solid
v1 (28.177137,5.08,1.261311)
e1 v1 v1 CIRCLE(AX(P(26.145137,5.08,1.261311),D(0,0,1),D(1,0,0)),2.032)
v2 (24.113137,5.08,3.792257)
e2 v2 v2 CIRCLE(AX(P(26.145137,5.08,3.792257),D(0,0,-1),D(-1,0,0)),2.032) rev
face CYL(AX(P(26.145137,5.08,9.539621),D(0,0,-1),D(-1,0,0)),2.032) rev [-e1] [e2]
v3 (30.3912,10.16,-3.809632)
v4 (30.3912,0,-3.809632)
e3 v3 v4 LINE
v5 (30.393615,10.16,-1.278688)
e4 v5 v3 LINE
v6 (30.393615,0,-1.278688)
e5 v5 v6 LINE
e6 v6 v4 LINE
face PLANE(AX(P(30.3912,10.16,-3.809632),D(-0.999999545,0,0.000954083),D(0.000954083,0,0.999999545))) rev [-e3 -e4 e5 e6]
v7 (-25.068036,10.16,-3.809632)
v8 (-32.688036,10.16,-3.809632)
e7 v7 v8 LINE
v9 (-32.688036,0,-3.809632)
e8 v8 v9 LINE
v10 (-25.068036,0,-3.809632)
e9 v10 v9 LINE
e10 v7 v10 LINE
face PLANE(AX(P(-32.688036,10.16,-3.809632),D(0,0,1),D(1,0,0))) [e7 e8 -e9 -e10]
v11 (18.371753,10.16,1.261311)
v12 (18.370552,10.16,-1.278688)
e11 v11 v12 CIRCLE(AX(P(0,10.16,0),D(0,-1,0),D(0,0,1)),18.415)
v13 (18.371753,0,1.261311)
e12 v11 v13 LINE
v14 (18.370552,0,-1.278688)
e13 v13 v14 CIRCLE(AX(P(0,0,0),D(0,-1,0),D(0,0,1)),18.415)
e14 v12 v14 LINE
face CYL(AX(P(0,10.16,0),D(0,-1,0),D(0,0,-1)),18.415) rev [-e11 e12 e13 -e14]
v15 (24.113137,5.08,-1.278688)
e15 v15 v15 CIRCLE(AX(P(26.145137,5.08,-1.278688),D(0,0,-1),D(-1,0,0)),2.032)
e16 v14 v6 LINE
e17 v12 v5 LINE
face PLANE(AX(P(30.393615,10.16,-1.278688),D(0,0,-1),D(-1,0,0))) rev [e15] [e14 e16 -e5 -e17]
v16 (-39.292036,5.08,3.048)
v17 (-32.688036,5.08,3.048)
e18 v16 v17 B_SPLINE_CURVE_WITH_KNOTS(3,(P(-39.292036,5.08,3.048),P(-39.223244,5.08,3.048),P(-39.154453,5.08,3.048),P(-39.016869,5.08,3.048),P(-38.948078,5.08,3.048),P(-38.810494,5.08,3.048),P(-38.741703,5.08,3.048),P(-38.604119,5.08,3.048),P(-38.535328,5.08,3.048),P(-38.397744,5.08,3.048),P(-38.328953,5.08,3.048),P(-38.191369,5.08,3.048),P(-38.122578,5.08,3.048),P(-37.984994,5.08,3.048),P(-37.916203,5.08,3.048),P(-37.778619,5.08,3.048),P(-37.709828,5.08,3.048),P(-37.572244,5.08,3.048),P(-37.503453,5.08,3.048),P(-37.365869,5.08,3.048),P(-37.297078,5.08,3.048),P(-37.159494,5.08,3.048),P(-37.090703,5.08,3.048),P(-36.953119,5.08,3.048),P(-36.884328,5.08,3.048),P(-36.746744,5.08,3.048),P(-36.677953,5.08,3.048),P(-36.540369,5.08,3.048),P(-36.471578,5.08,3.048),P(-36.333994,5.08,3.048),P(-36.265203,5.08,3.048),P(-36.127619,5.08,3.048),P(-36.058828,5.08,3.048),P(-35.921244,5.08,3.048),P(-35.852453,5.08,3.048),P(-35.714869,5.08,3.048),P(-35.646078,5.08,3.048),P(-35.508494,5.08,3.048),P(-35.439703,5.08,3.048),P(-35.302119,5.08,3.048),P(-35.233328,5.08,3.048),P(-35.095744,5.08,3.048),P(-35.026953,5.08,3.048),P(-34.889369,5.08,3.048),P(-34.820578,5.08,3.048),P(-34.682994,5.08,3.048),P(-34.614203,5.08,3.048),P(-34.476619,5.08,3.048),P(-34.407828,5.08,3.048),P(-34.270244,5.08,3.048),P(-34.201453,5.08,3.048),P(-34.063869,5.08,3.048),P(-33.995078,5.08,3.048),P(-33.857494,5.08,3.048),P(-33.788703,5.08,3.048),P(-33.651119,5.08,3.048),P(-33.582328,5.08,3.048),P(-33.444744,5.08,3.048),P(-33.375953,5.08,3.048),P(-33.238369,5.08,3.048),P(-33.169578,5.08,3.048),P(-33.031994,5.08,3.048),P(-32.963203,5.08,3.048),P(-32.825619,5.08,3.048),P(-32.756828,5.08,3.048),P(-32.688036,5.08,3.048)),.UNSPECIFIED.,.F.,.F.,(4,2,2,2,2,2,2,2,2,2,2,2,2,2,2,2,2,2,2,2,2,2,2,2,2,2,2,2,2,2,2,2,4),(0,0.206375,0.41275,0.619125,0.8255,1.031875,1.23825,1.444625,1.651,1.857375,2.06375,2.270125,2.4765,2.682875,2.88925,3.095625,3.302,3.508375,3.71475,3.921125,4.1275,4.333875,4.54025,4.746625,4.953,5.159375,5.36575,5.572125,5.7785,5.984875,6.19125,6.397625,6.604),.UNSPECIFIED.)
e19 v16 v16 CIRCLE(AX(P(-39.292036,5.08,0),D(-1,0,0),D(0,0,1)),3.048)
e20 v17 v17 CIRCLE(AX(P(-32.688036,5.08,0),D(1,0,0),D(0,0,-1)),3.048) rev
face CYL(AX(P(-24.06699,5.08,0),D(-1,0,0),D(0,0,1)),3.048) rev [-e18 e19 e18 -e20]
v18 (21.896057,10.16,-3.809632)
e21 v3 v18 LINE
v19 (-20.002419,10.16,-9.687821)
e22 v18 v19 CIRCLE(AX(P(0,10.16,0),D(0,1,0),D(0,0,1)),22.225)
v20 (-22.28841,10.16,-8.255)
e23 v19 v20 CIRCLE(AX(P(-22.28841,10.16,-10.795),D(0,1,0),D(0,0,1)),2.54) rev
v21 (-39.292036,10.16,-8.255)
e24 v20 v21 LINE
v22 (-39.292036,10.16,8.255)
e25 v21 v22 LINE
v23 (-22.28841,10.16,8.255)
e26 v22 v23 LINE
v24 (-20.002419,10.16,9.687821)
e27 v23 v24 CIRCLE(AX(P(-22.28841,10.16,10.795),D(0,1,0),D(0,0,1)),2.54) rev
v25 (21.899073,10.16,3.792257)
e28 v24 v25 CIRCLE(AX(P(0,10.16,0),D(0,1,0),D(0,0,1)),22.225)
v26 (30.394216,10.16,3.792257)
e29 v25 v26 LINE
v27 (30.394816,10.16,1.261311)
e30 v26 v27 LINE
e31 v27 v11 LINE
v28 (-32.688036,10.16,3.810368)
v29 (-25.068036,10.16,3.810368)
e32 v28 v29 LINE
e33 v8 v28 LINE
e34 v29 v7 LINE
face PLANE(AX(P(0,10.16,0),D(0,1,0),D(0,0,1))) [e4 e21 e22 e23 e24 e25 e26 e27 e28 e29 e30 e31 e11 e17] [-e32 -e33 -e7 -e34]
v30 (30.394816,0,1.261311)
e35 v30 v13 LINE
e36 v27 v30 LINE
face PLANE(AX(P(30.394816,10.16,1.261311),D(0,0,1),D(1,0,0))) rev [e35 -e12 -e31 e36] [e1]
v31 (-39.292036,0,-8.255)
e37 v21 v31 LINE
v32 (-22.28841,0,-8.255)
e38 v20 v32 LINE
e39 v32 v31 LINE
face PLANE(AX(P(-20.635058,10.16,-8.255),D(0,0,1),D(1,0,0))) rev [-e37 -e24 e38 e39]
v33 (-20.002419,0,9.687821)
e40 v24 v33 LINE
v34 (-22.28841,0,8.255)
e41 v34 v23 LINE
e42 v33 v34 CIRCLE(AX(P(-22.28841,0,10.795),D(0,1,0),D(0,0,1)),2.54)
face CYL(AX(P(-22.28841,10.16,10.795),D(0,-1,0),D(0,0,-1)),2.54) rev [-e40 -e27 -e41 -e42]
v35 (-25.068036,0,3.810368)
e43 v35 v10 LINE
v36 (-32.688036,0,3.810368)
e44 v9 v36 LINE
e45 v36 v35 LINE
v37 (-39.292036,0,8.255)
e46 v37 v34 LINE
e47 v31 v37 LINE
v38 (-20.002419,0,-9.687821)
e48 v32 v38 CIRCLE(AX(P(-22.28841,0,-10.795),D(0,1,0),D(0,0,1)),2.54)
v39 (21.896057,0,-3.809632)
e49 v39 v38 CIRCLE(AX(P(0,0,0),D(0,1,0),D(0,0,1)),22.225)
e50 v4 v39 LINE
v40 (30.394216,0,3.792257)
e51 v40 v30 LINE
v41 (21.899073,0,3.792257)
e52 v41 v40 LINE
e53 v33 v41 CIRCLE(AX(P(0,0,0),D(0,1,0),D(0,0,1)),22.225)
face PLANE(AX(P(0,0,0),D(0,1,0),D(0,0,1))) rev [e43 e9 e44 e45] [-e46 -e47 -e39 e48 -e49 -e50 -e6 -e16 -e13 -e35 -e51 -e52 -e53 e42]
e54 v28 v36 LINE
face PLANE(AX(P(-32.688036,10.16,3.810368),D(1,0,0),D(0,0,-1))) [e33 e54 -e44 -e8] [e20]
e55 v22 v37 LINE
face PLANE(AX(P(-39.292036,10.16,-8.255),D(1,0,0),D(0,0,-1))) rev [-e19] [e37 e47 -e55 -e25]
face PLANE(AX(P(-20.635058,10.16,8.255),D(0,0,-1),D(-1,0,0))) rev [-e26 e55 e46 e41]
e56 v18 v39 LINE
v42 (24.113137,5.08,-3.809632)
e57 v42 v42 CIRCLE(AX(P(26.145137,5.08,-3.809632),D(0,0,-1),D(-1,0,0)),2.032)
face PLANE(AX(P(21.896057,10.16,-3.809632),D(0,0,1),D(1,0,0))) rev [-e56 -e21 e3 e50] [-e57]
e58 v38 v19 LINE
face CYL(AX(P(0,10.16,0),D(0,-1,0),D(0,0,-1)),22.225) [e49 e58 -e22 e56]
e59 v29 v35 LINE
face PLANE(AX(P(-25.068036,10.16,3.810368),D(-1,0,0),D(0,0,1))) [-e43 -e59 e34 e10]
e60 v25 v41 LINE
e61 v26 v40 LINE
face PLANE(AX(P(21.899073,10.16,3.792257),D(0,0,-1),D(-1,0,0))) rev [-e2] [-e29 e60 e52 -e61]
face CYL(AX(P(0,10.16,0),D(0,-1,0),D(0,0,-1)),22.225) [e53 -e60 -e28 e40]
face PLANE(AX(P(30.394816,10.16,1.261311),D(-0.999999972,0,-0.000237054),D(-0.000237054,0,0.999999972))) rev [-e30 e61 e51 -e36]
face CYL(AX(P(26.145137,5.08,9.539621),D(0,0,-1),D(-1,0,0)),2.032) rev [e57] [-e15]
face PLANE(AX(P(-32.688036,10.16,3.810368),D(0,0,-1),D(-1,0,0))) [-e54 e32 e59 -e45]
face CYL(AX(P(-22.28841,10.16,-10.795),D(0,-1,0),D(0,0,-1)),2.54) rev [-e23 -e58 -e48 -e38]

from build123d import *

# Parameters (mm, degrees)
SKETCH1_W           = 7.62
SKETCH1_H           = 7.62
BOSS_EXTRUDE3_DEPTH = 10.16
CUT_EXTRUDE1_REACH  = 50.217
SKETCH5_R           = 2.032
SKETCH6_R           = 3.048
CUT_EXTRUDE2_DEPTH  = 6.604
FILLET1_R           = 2.54


with BuildPart() as part:
    # Sketch1 → Boss-Extrude3 (new body)
    with BuildSketch(Plane(origin=(0, 0, 0), x_dir=(1, 0, 0), z_dir=(0, 1, 0))):
        with BuildLine():
            Line((30.391199938, 3.809632415), (30.39361467, 1.278687681))
            Line((30.39361467, 1.278687681), (18.370552055, 1.278687681))
            ThreePointArc((18.370552055, 1.278687681), (-18.414997941, -0.008709001), (18.371753296, -1.261311151))
            Line((18.371753296, -1.261311151), (30.394815911, -1.261311151))
            Line((30.394815911, -1.261311151), (30.394215941, -3.792256965))
            Line((30.394215941, -3.792256965), (21.899073316, -3.792256965))
            ThreePointArc((21.899073316, -3.792256965), (2.319149157, -22.103668749), (-20.635057548, -8.255))
            Line((-20.635057548, -8.255), (-39.292036048, -8.255))
            Line((-39.292036048, -8.255), (-39.292036048, 8.255))
            Line((-39.292036048, 8.255), (-20.635057548, 8.255))
            ThreePointArc((-20.635057548, 8.255), (2.310379481, 22.104587118), (21.896057313, 3.809632415))
            Line((21.896057313, 3.809632415), (30.391199938, 3.809632415))
        make_face()
        with Locations((-28.878036048, -0.000367585)):
            Rectangle(SKETCH1_W, SKETCH1_H, mode=Mode.SUBTRACT)
    extrude(amount=BOSS_EXTRUDE3_DEPTH)

    # Cut-Extrude1: up to this face of the body (flat: up to its plane)
    cut_extrude1_end = Plane(part.part.faces().sort_by_distance((26.146644628, 5.08, 3.792256965))[0])
    # Sketch5 → Cut-Extrude1 (cut, up to the picked face)
    with BuildSketch(Plane(origin=(0, 0, -3.809632415), x_dir=(-1, 0, 0), z_dir=(0, 0, -1)), mode=Mode.PRIVATE) as cut_extrude1_sk1:
        with Locations((-26.145136627, 5.08)):
            Circle(SKETCH5_R)
    cut_extrude1_tool1 = split(extrude(cut_extrude1_sk1.sketch, amount=-CUT_EXTRUDE1_REACH, mode=Mode.PRIVATE), bisect_by=cut_extrude1_end, keep=Keep.BOTH, mode=Mode.PRIVATE)
    add(cut_extrude1_tool1.solids().sort_by(Axis((26.145137, 5.08, -3.809632), (0, 0, 1)))[0], mode=Mode.SUBTRACT)

    # Sketch6 → Cut-Extrude2 (cut)
    with BuildSketch(Plane.ZY.offset(39.292036048)):
        with Locations((0, 5.08)):
            Circle(SKETCH6_R)
    extrude(amount=-CUT_EXTRUDE2_DEPTH, mode=Mode.SUBTRACT)

    # Fillet1
    fillet1_edges = [part.edges().sort_by_distance(p)[0] for p in [
        (-20.635057548, 5.08, 8.255),
        (-20.635057548, 5.08, -8.255),
    ]]
    fillet(fillet1_edges, radius=FILLET1_R)


solid = part.part
